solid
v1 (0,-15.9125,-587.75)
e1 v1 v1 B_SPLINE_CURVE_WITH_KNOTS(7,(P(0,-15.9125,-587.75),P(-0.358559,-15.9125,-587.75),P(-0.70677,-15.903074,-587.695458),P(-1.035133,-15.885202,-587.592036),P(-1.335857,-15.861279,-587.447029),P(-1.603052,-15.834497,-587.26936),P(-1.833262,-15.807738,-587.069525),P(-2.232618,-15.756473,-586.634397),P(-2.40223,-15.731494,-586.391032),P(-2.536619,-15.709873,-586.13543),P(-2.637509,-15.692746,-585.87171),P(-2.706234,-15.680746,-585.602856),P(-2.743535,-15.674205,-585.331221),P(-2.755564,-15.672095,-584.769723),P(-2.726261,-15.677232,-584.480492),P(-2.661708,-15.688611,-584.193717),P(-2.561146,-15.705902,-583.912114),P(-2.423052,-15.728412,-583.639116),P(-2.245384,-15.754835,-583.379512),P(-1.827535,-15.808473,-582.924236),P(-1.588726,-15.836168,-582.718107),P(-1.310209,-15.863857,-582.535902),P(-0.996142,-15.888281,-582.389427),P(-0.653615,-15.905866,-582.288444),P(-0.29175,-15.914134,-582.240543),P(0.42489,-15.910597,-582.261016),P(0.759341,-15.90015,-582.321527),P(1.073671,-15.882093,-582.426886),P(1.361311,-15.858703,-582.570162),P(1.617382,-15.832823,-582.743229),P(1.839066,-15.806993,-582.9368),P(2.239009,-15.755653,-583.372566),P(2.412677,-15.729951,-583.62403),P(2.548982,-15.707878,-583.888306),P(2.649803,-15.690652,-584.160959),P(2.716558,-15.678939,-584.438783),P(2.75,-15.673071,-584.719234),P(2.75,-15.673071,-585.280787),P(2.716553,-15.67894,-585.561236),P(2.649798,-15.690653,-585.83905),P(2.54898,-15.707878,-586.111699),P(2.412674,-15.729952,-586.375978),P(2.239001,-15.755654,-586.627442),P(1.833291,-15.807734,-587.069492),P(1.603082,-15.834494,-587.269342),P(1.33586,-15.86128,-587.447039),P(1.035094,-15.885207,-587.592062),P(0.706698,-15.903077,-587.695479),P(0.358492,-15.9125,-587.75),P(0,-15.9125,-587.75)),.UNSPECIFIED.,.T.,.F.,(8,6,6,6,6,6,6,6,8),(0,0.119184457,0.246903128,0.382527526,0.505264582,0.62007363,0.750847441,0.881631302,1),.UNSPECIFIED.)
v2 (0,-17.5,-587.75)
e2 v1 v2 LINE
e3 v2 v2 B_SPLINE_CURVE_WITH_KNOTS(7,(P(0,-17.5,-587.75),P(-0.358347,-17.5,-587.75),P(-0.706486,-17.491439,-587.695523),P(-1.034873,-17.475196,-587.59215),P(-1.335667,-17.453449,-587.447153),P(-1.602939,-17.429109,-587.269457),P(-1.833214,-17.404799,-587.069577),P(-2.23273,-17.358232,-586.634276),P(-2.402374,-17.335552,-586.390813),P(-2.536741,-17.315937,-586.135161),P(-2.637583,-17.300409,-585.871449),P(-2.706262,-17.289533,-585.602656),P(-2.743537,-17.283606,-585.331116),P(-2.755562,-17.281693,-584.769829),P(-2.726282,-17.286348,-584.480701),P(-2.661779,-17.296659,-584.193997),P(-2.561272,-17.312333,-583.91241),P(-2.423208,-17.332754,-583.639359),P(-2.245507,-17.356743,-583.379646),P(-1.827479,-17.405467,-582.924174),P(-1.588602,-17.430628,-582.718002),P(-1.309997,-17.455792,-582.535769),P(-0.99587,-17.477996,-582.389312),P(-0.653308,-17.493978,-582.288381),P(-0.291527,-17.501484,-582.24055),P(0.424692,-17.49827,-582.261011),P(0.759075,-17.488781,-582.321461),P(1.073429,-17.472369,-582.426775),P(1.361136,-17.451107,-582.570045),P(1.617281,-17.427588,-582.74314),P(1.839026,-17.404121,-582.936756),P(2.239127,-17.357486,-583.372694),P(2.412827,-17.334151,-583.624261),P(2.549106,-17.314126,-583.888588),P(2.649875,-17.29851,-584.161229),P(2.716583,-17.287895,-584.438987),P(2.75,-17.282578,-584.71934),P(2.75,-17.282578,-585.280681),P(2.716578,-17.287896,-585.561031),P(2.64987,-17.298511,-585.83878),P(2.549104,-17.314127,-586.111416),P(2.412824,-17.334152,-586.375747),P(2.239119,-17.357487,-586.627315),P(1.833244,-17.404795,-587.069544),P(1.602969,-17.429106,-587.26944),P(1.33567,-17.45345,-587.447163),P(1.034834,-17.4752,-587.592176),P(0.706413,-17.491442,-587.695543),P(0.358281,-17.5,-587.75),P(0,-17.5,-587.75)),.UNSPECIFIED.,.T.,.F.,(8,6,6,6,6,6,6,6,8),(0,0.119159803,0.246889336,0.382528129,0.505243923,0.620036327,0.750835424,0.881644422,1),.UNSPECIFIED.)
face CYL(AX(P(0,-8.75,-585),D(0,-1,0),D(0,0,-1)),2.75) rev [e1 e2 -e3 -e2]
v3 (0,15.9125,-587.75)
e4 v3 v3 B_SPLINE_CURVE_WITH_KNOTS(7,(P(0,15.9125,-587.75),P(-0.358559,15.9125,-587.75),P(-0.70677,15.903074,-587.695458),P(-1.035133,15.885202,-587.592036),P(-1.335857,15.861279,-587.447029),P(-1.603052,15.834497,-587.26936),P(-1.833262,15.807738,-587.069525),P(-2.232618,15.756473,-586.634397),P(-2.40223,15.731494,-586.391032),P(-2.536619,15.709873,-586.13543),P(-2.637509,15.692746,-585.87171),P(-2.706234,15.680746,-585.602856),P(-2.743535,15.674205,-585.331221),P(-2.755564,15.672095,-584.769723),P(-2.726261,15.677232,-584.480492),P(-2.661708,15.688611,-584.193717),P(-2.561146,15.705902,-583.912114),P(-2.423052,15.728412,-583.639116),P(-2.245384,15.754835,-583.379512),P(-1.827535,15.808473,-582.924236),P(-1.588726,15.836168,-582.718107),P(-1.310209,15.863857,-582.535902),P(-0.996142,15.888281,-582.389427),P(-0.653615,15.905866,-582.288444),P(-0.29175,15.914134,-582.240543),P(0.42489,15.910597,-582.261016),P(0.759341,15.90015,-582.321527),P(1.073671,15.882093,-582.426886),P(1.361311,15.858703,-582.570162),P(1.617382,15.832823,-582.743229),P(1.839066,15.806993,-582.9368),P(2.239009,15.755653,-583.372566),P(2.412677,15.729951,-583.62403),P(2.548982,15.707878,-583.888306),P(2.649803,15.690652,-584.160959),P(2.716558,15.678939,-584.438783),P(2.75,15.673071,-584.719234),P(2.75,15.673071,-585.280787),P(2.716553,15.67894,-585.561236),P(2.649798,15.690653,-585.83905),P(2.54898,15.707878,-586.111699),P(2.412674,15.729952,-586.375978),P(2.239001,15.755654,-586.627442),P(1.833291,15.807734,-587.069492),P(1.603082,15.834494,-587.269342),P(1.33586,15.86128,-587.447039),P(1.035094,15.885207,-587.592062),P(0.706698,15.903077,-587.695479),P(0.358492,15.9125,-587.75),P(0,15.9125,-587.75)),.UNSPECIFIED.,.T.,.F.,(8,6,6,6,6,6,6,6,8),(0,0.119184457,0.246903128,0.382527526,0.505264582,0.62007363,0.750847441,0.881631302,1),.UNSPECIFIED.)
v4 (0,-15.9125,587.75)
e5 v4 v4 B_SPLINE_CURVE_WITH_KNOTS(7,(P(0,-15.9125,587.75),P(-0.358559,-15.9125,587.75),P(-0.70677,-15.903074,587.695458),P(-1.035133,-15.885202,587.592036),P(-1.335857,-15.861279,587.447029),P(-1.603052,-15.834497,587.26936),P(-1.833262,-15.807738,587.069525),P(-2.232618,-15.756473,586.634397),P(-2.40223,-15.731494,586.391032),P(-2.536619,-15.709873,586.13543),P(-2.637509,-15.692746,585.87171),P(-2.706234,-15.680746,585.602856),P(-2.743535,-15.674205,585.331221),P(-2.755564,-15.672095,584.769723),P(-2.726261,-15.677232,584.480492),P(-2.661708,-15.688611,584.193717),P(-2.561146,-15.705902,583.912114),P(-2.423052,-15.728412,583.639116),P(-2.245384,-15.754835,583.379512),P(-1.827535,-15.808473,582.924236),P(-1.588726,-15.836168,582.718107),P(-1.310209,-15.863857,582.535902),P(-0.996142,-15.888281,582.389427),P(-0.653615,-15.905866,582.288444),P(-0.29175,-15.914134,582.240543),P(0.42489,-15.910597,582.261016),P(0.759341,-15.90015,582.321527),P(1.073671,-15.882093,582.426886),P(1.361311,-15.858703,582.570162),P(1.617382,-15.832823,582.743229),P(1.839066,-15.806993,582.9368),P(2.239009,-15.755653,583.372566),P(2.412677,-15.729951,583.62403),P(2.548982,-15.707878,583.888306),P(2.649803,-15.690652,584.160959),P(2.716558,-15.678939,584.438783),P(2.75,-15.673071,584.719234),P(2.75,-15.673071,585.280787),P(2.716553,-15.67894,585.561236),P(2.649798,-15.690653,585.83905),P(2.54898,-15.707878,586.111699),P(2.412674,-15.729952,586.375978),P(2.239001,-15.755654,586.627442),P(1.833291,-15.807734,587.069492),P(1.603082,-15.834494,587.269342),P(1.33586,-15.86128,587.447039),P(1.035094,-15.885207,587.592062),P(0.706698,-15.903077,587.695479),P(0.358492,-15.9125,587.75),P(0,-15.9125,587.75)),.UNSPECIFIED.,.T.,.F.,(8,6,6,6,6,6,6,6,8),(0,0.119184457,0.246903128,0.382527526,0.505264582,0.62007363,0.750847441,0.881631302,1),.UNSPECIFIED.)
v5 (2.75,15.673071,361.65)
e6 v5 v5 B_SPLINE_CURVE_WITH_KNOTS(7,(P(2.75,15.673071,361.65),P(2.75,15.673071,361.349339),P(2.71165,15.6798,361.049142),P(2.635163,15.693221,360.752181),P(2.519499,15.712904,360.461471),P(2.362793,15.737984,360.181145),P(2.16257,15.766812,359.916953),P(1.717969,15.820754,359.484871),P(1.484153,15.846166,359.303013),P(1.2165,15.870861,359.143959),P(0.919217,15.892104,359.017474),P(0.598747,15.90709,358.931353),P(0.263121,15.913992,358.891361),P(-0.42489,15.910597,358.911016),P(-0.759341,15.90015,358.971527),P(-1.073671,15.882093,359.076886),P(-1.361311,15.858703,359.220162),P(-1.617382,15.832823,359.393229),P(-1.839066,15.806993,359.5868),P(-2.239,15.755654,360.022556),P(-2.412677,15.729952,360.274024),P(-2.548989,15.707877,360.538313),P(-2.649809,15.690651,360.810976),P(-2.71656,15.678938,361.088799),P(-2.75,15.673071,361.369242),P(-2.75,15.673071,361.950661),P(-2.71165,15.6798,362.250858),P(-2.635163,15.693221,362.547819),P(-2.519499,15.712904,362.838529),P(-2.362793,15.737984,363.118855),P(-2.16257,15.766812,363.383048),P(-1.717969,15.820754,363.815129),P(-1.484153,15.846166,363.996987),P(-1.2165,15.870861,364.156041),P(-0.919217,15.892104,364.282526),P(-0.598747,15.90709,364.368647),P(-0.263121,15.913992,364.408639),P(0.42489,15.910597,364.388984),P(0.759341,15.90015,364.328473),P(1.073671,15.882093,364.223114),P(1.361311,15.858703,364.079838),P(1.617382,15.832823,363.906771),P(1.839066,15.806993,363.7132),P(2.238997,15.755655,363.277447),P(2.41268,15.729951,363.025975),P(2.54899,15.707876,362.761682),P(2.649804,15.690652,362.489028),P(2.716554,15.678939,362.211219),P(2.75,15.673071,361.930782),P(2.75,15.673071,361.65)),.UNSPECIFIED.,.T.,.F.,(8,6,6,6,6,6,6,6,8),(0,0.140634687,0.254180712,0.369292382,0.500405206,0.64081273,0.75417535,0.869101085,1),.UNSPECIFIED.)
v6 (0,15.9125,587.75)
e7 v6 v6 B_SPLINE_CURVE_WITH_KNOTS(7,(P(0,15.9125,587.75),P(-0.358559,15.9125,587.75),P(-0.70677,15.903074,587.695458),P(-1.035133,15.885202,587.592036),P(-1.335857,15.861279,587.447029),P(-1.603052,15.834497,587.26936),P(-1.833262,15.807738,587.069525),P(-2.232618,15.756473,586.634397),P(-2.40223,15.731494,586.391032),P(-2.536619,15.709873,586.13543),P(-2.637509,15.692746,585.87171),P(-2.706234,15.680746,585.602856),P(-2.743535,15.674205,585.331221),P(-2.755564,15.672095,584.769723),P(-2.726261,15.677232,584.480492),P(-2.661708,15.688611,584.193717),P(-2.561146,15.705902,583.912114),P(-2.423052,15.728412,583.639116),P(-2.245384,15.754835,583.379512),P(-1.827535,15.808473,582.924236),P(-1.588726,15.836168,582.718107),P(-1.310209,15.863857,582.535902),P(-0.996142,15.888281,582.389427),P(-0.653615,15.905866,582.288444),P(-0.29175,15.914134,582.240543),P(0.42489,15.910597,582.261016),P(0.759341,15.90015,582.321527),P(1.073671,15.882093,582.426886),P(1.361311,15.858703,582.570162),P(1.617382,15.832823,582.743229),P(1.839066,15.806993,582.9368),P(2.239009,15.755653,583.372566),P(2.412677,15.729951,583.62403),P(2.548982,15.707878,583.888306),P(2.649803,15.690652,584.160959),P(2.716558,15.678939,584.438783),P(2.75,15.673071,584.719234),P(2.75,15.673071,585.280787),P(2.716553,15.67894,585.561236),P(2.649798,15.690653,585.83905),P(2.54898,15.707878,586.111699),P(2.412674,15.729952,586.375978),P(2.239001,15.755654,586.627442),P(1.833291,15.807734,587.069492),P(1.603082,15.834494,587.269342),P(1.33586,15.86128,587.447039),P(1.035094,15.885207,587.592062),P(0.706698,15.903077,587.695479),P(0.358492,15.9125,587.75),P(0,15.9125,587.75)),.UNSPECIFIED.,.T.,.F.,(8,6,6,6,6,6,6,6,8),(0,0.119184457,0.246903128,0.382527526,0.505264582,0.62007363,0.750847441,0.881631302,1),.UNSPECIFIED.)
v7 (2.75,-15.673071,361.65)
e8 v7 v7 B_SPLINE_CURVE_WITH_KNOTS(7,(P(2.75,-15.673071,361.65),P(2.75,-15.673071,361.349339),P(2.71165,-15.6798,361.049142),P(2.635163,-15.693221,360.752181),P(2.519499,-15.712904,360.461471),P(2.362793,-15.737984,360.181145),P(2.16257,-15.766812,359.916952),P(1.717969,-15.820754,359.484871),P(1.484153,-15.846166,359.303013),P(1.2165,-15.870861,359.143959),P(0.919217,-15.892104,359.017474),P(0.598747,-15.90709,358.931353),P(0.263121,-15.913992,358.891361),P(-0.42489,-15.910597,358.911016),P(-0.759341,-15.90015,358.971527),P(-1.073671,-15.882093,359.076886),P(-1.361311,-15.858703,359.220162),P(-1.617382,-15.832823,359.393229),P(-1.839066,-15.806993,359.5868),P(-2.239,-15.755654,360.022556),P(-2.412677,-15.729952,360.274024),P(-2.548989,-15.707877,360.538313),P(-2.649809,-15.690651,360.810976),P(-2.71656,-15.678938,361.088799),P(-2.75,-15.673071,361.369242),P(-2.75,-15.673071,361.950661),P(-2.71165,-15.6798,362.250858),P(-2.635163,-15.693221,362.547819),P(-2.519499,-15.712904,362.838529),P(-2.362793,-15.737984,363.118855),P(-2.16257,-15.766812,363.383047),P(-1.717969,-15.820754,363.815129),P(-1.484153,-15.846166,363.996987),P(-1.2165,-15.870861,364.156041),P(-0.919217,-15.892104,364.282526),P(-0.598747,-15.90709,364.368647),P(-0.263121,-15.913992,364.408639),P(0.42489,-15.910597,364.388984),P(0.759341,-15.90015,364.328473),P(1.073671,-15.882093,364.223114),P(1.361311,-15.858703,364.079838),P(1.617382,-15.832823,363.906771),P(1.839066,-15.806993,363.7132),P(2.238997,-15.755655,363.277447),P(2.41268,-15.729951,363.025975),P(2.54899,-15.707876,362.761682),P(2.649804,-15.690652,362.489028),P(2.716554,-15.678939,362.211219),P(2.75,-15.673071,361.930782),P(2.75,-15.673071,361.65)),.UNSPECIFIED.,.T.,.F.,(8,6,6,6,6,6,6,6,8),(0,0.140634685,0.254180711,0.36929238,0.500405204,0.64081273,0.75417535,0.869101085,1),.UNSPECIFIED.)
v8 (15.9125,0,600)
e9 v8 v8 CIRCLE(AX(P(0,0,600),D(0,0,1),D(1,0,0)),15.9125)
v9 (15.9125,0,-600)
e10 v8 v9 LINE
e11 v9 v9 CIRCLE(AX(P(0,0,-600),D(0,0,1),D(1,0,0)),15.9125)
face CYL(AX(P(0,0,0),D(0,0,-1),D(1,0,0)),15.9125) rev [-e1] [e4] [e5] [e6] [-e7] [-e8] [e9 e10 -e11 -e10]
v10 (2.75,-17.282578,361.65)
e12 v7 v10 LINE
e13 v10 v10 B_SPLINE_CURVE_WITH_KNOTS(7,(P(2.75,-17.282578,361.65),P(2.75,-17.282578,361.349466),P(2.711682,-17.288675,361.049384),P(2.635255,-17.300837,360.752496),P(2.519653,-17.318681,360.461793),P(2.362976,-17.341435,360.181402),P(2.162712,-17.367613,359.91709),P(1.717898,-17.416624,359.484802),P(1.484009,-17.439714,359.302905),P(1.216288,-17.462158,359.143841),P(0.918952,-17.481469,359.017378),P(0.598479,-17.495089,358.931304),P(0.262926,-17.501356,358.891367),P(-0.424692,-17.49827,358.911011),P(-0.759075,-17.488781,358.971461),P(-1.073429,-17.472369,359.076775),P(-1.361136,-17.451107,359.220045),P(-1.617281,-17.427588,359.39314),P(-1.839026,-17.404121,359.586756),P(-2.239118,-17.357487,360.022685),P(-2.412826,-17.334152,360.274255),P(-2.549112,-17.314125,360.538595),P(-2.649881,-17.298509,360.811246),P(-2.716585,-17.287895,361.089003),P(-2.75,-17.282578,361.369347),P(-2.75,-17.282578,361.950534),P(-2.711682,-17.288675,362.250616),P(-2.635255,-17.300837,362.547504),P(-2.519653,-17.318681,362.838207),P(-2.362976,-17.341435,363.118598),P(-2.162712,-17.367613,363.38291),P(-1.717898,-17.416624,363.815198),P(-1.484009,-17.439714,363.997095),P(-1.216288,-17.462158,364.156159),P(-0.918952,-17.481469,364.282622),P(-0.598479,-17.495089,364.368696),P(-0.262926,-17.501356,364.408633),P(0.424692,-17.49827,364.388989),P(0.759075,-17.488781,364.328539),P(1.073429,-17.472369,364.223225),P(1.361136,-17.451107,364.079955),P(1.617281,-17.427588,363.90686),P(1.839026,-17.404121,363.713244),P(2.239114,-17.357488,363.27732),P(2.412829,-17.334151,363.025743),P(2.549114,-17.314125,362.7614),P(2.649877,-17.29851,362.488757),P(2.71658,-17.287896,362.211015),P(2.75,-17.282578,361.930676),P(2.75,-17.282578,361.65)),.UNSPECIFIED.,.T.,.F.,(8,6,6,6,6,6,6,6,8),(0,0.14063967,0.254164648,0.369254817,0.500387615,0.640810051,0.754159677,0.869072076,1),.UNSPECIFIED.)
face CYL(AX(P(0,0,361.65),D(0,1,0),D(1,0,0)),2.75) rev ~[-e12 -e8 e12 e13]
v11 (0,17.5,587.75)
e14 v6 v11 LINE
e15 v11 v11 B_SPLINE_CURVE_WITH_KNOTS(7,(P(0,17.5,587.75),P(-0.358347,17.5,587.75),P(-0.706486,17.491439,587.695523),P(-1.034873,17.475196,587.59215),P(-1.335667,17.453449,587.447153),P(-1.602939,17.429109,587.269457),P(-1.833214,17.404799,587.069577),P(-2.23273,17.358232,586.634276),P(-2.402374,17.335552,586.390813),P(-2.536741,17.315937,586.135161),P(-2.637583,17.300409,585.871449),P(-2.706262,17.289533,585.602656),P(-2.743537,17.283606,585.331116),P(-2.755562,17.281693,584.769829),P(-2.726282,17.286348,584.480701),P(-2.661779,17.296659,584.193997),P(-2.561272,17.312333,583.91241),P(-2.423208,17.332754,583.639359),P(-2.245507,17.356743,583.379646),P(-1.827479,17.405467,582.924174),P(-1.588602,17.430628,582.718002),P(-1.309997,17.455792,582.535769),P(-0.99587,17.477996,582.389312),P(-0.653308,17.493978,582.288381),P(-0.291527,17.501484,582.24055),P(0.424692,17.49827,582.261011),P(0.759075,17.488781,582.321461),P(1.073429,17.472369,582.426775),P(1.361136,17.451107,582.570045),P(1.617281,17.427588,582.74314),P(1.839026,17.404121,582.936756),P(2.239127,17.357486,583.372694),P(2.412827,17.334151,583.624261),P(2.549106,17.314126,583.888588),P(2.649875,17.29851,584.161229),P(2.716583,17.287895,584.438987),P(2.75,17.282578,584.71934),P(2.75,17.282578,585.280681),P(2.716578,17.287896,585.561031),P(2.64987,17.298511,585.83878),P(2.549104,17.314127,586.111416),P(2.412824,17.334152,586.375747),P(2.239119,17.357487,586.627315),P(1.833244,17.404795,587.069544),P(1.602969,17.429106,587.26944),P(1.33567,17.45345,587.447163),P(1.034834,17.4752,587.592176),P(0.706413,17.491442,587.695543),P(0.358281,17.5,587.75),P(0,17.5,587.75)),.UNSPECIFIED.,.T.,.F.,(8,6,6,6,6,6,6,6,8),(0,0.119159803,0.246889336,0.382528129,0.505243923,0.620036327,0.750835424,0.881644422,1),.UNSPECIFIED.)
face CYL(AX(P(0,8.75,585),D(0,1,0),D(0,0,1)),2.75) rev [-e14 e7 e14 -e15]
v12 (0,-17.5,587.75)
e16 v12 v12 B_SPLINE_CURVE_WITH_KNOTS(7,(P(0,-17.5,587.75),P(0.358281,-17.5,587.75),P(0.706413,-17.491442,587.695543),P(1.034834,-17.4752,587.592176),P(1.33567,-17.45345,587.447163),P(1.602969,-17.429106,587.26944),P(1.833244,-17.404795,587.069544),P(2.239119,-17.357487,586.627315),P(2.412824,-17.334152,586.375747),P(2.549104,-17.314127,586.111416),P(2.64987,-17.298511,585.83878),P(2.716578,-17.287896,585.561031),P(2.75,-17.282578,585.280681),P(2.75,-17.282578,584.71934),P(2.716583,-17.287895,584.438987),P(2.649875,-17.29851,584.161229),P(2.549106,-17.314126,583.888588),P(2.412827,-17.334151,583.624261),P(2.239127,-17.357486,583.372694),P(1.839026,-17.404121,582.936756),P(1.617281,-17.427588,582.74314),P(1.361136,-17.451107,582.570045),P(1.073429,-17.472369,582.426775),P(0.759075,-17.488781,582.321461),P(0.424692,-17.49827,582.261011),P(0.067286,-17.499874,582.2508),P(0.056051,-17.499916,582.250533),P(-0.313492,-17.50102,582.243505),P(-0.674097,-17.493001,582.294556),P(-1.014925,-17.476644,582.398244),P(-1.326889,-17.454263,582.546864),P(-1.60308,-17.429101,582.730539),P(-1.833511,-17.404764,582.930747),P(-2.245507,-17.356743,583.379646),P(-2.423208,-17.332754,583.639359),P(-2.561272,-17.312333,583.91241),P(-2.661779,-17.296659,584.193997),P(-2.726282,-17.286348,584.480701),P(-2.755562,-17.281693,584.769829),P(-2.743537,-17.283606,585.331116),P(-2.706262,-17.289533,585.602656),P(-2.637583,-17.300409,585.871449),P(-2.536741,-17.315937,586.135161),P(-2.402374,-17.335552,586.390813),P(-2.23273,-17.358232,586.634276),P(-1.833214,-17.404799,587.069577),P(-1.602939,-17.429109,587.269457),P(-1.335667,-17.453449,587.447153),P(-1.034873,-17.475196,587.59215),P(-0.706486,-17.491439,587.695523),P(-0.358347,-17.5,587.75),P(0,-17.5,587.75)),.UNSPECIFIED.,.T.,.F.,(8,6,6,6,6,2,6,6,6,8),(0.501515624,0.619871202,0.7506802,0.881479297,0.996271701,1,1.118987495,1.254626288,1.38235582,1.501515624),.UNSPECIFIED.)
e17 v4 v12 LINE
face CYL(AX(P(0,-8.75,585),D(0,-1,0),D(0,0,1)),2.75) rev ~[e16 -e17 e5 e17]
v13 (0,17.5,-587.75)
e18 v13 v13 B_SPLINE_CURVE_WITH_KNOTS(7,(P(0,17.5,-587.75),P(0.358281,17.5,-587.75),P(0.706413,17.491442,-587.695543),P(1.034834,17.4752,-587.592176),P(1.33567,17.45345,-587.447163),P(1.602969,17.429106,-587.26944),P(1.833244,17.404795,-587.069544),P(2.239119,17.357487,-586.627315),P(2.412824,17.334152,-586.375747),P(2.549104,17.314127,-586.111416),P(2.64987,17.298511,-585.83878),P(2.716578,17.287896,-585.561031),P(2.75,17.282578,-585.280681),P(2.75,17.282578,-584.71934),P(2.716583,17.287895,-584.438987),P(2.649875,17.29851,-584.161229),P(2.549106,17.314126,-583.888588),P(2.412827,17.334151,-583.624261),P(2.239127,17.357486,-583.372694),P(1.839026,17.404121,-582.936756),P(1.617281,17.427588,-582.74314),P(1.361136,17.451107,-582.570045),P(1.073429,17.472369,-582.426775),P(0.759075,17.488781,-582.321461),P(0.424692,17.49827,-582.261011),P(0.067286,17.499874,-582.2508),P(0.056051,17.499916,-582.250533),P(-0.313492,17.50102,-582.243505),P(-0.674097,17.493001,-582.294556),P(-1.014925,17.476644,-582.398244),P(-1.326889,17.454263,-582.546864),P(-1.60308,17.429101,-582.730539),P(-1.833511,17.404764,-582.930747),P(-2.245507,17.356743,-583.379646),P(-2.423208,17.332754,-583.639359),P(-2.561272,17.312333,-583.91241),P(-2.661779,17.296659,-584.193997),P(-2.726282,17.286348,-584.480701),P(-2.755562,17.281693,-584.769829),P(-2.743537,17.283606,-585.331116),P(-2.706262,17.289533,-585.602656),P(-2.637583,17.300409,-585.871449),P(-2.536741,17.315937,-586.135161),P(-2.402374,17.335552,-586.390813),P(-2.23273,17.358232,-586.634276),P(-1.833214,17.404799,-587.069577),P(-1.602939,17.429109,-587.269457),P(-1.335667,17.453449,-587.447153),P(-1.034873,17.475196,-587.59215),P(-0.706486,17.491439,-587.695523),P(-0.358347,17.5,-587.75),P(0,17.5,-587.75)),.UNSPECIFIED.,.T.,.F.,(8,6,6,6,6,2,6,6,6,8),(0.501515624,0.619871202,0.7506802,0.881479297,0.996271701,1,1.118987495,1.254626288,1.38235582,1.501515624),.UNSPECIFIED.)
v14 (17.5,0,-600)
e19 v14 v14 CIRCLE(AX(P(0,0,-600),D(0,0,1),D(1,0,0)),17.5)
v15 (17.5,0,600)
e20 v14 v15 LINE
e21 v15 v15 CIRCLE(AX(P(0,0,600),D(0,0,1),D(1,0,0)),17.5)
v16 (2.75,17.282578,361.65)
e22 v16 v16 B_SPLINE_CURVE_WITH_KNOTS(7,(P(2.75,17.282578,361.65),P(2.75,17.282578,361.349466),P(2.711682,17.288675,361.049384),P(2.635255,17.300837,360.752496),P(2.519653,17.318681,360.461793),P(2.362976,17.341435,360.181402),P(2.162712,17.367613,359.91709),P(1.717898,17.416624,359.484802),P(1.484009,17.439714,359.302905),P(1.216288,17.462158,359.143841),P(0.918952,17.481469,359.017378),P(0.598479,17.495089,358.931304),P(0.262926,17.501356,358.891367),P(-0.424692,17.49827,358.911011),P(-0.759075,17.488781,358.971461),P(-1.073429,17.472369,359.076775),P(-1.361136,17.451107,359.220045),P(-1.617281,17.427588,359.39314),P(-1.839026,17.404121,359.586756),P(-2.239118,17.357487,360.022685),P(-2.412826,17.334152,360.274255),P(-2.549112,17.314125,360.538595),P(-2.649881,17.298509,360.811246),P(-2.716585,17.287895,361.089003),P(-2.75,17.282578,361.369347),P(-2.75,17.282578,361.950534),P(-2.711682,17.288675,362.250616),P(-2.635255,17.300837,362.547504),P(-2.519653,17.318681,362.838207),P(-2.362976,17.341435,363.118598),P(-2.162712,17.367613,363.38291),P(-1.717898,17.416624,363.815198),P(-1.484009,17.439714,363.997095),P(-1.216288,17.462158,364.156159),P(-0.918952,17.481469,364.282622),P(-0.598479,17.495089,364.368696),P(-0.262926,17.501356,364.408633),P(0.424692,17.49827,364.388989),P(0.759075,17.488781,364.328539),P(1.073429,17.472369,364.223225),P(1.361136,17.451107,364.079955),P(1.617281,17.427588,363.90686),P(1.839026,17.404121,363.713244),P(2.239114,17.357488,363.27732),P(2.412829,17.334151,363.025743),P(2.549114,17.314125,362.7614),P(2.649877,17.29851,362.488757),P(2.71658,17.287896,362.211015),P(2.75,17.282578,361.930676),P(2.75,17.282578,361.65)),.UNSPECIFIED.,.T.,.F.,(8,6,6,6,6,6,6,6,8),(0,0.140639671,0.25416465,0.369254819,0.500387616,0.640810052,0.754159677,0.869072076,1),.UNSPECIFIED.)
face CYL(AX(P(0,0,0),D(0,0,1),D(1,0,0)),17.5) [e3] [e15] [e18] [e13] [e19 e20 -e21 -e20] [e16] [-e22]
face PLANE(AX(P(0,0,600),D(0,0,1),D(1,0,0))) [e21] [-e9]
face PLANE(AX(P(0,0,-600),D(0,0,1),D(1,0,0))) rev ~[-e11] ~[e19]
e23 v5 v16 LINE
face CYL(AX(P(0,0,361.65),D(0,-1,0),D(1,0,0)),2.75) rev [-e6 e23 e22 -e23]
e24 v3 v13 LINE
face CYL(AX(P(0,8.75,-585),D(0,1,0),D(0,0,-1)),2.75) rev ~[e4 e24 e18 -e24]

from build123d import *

# Parameters (mm, degrees)
SKETCH2_R               = 17.5
SKETCH2_R_2             = 15.9125
BOSS_EXTRUDE1_DEPTH     = 600
SKETCH5_W               = 2.75
SKETCH5_H               = 17.5
MIRROR2_COPY_1_SKETCH_W = 2.75
MIRROR2_COPY_1_SKETCH_H = 17.5
SKETCH6_R               = 2.75
CUT_EXTRUDE1_DEPTH      = 18.5000001
CUT_EXTRUDE1_DEPTH_BACK = 18.5000001


with BuildPart() as part:
    # Sketch2 → Boss-Extrude1 (new body, symmetric)
    with BuildSketch(Plane.XY):
        Circle(SKETCH2_R)
        Circle(SKETCH2_R_2, mode=Mode.SUBTRACT)
    extrude(amount=BOSS_EXTRUDE1_DEPTH, both=True)

    # Sketch5 → M5 Clearance Hole1 (revolve, cut)
    with BuildSketch(Plane(origin=(0, 0, -585), x_dir=(0, 0, -1), z_dir=(1, 0, 0))):
        with Locations((1.375, 8.75)):
            Rectangle(SKETCH5_W, SKETCH5_H)
    m5_clearance_hole1 = revolve(axis=Axis((0, -6.35, -585), (0, 1, 0)), mode=Mode.SUBTRACT)

    # Mirror1: M5 Clearance Hole1 across plane
    add(m5_clearance_hole1.mirror(Plane.ZX), mode=Mode.SUBTRACT)

    # Mirror2: M5 Clearance Hole1 across plane
    add(m5_clearance_hole1.mirror(Plane.XY), mode=Mode.SUBTRACT)

    # Mirror2 copy 1 sketch → Mirror2 copy 1 (revolve, cut)
    with BuildSketch(Plane(origin=(0, 0, 585), x_dir=(0, 0, 1), z_dir=(1, 0, 0))):
        with Locations((1.375, 8.75)):
            Rectangle(MIRROR2_COPY_1_SKETCH_W, MIRROR2_COPY_1_SKETCH_H)
    revolve(axis=Axis((0, 6.35, 585), (0, -1, 0)), mode=Mode.SUBTRACT)

    # Sketch6 → Cut-Extrude1 (cut, two sides)
    with BuildSketch(Plane(origin=(0, 0, 0), x_dir=(1, 0, 0), z_dir=(0, 1, 0))) as cut_extrude1_sk:
        with Locations((0, -361.65)):
            Circle(SKETCH6_R)
    extrude(amount=CUT_EXTRUDE1_DEPTH, mode=Mode.SUBTRACT)
    extrude(cut_extrude1_sk.sketch, amount=-CUT_EXTRUDE1_DEPTH_BACK, mode=Mode.SUBTRACT)


solid = part.part
